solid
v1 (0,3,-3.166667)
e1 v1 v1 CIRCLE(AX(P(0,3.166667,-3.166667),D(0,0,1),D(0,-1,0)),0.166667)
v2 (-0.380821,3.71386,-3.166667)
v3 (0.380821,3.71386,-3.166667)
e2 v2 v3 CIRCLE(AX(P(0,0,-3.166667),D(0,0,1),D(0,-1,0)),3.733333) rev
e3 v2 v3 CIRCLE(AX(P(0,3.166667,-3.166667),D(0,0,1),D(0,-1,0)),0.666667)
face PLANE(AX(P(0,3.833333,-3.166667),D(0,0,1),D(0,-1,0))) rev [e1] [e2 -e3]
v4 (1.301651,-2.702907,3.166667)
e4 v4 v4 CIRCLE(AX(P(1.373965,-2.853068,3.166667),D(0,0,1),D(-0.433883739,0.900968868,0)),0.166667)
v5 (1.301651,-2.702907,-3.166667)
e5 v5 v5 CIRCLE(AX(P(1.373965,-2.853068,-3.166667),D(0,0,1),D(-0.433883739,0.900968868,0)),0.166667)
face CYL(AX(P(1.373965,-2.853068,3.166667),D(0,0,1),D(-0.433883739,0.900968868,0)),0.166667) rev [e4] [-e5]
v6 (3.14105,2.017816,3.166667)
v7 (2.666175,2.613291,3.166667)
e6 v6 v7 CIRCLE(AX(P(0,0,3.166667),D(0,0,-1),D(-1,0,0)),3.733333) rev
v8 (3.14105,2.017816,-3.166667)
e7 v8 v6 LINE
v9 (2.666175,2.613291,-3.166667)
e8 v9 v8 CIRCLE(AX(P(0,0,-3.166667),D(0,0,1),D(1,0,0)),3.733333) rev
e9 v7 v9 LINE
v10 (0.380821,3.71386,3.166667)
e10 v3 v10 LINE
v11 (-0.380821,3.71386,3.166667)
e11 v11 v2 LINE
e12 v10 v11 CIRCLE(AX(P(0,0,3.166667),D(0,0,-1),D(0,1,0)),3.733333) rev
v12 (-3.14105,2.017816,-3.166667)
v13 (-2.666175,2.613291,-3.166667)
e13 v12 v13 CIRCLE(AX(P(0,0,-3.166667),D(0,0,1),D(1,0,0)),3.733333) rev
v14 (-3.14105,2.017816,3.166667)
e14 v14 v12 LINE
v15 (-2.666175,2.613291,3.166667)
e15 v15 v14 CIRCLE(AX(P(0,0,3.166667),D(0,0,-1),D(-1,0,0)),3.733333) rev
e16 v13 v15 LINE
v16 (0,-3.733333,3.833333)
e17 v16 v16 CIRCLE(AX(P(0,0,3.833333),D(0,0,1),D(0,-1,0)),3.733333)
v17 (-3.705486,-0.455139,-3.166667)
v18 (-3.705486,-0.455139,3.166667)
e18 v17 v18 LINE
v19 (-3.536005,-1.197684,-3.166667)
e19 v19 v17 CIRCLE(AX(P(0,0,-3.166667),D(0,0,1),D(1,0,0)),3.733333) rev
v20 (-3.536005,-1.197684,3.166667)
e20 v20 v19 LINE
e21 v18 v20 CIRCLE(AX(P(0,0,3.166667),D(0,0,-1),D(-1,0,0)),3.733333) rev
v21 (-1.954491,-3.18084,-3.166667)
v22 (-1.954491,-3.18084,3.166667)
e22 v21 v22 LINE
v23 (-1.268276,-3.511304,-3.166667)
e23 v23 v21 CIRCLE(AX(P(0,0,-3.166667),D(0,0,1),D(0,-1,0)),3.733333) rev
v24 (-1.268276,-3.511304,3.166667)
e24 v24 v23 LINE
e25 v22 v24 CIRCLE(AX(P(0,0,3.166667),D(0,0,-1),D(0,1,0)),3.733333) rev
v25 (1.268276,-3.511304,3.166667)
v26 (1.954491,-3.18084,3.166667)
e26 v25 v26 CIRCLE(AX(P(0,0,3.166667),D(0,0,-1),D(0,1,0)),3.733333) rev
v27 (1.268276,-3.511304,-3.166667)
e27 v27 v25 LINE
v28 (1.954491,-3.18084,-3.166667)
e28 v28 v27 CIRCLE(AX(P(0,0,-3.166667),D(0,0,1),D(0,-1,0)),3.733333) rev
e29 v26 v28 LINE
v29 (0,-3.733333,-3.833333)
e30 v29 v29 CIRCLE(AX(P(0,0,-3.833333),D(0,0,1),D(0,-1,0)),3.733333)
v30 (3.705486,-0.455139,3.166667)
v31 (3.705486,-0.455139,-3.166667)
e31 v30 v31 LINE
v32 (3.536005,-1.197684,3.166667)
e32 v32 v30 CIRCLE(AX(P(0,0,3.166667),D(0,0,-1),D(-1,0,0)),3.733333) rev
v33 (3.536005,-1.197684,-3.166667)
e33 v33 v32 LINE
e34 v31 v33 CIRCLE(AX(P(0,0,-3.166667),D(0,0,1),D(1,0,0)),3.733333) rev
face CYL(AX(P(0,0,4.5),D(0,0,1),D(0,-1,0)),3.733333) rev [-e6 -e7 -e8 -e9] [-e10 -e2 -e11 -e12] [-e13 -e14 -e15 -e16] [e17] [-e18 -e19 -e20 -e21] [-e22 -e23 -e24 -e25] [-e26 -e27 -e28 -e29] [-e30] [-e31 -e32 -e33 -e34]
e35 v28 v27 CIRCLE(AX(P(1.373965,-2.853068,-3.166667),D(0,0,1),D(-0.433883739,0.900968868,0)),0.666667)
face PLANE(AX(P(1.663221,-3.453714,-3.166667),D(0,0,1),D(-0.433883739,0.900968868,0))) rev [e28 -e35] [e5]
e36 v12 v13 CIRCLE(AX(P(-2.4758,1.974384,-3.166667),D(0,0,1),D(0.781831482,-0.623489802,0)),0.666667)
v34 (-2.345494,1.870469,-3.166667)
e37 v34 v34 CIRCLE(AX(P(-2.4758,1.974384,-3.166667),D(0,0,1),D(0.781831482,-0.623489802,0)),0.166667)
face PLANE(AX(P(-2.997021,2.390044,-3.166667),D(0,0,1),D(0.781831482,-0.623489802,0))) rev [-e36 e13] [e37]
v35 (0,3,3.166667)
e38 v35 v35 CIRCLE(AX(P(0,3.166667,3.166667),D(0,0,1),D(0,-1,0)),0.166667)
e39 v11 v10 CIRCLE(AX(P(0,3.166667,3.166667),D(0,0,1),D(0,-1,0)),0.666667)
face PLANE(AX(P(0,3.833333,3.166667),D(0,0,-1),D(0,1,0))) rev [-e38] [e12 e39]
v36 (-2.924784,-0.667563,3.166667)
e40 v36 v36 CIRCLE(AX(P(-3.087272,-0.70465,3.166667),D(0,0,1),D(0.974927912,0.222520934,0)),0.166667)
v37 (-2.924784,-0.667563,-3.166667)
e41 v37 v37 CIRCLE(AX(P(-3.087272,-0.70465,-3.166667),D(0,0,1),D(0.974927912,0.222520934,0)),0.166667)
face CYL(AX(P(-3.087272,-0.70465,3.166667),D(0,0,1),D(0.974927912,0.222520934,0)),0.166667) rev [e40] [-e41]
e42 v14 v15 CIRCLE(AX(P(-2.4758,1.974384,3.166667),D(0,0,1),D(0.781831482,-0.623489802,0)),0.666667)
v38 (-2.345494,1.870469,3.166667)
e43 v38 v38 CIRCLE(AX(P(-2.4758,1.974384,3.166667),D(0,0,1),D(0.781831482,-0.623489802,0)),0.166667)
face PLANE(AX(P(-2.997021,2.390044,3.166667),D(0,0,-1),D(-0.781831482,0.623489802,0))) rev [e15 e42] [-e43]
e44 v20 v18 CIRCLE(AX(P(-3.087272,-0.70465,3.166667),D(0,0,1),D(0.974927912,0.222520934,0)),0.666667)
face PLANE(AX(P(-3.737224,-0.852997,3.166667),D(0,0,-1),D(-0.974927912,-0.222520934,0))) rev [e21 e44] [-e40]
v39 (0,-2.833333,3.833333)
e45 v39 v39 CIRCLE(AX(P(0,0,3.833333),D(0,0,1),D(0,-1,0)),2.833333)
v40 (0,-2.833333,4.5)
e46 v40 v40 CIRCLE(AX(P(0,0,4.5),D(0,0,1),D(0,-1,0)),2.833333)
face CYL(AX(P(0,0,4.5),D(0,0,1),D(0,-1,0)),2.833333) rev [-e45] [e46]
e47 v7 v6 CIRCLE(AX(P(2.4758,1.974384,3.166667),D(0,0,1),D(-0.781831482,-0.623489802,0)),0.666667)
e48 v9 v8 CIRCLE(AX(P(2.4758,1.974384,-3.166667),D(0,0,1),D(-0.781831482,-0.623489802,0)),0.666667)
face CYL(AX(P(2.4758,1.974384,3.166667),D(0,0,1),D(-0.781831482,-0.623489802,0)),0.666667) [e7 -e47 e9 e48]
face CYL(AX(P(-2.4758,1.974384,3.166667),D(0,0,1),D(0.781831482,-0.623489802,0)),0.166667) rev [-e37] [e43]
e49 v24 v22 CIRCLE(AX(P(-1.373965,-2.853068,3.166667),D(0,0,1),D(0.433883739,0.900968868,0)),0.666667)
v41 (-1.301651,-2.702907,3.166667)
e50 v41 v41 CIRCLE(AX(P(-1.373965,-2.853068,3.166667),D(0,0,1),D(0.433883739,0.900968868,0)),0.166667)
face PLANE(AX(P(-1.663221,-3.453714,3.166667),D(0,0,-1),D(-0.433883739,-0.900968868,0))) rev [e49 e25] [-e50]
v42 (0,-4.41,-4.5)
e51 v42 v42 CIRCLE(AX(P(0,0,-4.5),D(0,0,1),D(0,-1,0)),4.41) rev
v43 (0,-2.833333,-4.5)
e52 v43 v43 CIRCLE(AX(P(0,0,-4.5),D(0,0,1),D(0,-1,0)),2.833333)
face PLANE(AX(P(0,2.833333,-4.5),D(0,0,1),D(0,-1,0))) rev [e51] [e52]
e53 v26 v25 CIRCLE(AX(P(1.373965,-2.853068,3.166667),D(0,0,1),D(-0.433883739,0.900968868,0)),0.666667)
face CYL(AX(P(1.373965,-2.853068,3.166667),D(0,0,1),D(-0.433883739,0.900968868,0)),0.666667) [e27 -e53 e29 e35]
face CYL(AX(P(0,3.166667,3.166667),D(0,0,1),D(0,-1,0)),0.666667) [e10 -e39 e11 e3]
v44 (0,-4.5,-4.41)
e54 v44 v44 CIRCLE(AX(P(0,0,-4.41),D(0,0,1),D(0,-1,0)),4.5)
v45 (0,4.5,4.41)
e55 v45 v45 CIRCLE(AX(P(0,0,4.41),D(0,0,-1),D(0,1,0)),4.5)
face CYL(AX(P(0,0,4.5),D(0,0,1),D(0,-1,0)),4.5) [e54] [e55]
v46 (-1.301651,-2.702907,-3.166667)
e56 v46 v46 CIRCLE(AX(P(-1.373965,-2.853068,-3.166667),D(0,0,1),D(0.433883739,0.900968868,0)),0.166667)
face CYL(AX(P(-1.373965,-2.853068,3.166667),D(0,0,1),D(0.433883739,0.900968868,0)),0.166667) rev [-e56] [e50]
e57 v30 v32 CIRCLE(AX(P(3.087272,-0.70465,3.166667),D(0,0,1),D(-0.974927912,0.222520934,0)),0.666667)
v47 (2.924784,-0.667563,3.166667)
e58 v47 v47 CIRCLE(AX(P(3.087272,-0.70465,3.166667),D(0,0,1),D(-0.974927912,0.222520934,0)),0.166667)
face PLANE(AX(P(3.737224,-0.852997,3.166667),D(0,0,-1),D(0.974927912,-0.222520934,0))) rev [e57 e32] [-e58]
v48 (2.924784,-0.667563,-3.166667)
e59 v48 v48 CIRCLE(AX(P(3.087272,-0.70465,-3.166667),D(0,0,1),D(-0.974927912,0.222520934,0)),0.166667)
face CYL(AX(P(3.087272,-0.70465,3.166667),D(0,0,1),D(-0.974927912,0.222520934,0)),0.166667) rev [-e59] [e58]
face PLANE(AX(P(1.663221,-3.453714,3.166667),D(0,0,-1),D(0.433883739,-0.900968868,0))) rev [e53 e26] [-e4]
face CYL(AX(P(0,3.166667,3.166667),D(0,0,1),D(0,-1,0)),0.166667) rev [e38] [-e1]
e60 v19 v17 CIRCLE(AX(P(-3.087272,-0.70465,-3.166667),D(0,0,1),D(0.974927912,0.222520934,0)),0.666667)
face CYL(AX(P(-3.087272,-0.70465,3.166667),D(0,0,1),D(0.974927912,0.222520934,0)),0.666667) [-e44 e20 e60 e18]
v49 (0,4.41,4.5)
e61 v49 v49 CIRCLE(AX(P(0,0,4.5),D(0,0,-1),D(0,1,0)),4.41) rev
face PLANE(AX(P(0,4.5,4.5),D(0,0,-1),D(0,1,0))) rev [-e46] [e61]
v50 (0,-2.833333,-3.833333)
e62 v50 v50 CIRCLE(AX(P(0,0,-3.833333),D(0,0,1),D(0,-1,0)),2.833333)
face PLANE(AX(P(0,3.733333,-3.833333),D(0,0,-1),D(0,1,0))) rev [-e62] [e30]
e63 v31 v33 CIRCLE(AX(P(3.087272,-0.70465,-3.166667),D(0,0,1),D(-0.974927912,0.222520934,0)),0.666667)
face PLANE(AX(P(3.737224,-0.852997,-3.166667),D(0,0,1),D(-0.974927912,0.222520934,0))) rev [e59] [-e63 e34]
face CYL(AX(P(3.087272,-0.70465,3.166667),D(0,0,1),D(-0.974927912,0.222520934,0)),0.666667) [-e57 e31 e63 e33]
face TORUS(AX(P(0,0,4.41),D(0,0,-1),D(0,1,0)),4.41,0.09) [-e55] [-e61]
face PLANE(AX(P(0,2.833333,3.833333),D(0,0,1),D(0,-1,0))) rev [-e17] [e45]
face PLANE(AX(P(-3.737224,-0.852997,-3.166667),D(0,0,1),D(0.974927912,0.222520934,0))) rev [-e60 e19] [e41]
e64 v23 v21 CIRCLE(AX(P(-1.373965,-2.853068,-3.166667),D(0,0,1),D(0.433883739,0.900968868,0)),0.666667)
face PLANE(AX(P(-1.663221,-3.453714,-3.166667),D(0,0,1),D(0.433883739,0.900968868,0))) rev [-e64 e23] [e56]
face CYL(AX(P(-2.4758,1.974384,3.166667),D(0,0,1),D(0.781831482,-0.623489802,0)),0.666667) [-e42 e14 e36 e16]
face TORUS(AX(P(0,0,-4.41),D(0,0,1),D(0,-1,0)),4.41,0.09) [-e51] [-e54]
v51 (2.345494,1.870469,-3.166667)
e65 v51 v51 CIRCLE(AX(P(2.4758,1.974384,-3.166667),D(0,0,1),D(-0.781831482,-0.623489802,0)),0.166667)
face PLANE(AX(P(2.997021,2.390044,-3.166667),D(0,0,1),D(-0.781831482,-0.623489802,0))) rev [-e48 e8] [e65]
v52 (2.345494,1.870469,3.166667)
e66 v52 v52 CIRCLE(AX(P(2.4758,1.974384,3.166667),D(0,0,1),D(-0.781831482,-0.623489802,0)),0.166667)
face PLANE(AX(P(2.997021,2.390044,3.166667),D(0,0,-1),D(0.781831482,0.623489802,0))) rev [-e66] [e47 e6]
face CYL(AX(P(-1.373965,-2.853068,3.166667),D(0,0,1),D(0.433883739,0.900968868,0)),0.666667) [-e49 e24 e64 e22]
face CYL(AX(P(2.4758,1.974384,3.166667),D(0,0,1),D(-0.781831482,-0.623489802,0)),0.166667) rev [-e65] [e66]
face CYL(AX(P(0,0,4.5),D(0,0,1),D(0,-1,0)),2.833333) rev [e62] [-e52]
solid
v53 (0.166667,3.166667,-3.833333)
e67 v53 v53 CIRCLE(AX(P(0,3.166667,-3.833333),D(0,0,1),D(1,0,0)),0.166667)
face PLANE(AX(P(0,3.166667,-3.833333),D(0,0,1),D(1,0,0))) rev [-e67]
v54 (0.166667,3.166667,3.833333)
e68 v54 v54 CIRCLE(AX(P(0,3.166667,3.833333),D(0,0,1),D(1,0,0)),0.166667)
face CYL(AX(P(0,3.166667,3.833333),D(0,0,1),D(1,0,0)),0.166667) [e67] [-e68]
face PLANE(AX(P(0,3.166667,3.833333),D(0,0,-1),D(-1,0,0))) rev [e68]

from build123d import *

# Parameters (mm, degrees)
SKETCH2_W         = 6.333333334
SKETCH2_H         = 0.5
SKETCH3_W         = 7.666666666
SKETCH3_H         = 0.166666666
CIRPATTERN1_COUNT = 7
CIRPATTERN1_ANGLE = 308.571428571
FILLET1_R         = 0.09


with BuildPart() as part:
    # Sketch7 → Revolve1 (revolve)
    with BuildSketch(Plane(origin=(0, 0, 0), x_dir=(0, 0, -1), z_dir=(1, 0, 0)), mode=Mode.PRIVATE) as revolve1_sk:
        Polygon((-4.5, 4.5), (-4.5, 2.833333333), (-3.833333333, 2.833333333), (-3.833333333, 3.733333333), (3.833333333, 3.733333333), (3.833333333, 2.833333333), (4.5, 2.833333333), (4.5, 4.5), align=None)
    revolve(revolve1_sk.sketch.rotate(Axis((0, 0, 4.5), (0, 0, -1)), 180), axis=Axis((0, 0, 4.5), (0, 0, -1)))

    # Sketch2 → Revolve2 (revolve)
    with BuildSketch(Plane(origin=(0, 0, 0), x_dir=(0, 0, -1), z_dir=(1, 0, 0)), mode=Mode.PRIVATE) as revolve2_sk:
        with Locations((0, 3.583333333)):
            Rectangle(SKETCH2_W, SKETCH2_H)
    revolve(revolve2_sk.sketch.rotate(Axis((0, 3.166666667, 3.166666667), (0, 0, -1)), 180), axis=Axis((0, 3.166666667, 3.166666667), (0, 0, -1)))

    # CirPattern1: part ×7 about axis
    cirpattern1_axis = Axis((0, 0, 4.5), (0, 0, -1))


with BuildPart() as body_2:
    # Sketch3 → Revolve3 (revolve)
    with BuildSketch(Plane(origin=(0, 0, 0), x_dir=(0, 0, -1), z_dir=(1, 0, 0)), mode=Mode.PRIVATE) as revolve3_sk:
        with Locations((0, 3.25)):
            Rectangle(SKETCH3_W, SKETCH3_H)
    revolve(revolve3_sk.sketch.rotate(Axis((0, 3.166666667, 3.833333333), (0, 0, -1)), 90), axis=Axis((0, 3.166666667, 3.833333333), (0, 0, -1)))


with BuildPart() as part_1:
    add(part.part)
    for i in range(1, CIRPATTERN1_COUNT):
        add(part.part.rotate(cirpattern1_axis, i * CIRPATTERN1_ANGLE / (CIRPATTERN1_COUNT - 1)))

    # Fillet1
    fillet1_edges = [part_1.edges().sort_by_distance(p)[0] for p in [
        (0, 4.5, -4.5),
        (0, 4.5, 4.5),
    ]]
    fillet(fillet1_edges, radius=FILLET1_R)


solid = Compound([body_2.part, part_1.part])
